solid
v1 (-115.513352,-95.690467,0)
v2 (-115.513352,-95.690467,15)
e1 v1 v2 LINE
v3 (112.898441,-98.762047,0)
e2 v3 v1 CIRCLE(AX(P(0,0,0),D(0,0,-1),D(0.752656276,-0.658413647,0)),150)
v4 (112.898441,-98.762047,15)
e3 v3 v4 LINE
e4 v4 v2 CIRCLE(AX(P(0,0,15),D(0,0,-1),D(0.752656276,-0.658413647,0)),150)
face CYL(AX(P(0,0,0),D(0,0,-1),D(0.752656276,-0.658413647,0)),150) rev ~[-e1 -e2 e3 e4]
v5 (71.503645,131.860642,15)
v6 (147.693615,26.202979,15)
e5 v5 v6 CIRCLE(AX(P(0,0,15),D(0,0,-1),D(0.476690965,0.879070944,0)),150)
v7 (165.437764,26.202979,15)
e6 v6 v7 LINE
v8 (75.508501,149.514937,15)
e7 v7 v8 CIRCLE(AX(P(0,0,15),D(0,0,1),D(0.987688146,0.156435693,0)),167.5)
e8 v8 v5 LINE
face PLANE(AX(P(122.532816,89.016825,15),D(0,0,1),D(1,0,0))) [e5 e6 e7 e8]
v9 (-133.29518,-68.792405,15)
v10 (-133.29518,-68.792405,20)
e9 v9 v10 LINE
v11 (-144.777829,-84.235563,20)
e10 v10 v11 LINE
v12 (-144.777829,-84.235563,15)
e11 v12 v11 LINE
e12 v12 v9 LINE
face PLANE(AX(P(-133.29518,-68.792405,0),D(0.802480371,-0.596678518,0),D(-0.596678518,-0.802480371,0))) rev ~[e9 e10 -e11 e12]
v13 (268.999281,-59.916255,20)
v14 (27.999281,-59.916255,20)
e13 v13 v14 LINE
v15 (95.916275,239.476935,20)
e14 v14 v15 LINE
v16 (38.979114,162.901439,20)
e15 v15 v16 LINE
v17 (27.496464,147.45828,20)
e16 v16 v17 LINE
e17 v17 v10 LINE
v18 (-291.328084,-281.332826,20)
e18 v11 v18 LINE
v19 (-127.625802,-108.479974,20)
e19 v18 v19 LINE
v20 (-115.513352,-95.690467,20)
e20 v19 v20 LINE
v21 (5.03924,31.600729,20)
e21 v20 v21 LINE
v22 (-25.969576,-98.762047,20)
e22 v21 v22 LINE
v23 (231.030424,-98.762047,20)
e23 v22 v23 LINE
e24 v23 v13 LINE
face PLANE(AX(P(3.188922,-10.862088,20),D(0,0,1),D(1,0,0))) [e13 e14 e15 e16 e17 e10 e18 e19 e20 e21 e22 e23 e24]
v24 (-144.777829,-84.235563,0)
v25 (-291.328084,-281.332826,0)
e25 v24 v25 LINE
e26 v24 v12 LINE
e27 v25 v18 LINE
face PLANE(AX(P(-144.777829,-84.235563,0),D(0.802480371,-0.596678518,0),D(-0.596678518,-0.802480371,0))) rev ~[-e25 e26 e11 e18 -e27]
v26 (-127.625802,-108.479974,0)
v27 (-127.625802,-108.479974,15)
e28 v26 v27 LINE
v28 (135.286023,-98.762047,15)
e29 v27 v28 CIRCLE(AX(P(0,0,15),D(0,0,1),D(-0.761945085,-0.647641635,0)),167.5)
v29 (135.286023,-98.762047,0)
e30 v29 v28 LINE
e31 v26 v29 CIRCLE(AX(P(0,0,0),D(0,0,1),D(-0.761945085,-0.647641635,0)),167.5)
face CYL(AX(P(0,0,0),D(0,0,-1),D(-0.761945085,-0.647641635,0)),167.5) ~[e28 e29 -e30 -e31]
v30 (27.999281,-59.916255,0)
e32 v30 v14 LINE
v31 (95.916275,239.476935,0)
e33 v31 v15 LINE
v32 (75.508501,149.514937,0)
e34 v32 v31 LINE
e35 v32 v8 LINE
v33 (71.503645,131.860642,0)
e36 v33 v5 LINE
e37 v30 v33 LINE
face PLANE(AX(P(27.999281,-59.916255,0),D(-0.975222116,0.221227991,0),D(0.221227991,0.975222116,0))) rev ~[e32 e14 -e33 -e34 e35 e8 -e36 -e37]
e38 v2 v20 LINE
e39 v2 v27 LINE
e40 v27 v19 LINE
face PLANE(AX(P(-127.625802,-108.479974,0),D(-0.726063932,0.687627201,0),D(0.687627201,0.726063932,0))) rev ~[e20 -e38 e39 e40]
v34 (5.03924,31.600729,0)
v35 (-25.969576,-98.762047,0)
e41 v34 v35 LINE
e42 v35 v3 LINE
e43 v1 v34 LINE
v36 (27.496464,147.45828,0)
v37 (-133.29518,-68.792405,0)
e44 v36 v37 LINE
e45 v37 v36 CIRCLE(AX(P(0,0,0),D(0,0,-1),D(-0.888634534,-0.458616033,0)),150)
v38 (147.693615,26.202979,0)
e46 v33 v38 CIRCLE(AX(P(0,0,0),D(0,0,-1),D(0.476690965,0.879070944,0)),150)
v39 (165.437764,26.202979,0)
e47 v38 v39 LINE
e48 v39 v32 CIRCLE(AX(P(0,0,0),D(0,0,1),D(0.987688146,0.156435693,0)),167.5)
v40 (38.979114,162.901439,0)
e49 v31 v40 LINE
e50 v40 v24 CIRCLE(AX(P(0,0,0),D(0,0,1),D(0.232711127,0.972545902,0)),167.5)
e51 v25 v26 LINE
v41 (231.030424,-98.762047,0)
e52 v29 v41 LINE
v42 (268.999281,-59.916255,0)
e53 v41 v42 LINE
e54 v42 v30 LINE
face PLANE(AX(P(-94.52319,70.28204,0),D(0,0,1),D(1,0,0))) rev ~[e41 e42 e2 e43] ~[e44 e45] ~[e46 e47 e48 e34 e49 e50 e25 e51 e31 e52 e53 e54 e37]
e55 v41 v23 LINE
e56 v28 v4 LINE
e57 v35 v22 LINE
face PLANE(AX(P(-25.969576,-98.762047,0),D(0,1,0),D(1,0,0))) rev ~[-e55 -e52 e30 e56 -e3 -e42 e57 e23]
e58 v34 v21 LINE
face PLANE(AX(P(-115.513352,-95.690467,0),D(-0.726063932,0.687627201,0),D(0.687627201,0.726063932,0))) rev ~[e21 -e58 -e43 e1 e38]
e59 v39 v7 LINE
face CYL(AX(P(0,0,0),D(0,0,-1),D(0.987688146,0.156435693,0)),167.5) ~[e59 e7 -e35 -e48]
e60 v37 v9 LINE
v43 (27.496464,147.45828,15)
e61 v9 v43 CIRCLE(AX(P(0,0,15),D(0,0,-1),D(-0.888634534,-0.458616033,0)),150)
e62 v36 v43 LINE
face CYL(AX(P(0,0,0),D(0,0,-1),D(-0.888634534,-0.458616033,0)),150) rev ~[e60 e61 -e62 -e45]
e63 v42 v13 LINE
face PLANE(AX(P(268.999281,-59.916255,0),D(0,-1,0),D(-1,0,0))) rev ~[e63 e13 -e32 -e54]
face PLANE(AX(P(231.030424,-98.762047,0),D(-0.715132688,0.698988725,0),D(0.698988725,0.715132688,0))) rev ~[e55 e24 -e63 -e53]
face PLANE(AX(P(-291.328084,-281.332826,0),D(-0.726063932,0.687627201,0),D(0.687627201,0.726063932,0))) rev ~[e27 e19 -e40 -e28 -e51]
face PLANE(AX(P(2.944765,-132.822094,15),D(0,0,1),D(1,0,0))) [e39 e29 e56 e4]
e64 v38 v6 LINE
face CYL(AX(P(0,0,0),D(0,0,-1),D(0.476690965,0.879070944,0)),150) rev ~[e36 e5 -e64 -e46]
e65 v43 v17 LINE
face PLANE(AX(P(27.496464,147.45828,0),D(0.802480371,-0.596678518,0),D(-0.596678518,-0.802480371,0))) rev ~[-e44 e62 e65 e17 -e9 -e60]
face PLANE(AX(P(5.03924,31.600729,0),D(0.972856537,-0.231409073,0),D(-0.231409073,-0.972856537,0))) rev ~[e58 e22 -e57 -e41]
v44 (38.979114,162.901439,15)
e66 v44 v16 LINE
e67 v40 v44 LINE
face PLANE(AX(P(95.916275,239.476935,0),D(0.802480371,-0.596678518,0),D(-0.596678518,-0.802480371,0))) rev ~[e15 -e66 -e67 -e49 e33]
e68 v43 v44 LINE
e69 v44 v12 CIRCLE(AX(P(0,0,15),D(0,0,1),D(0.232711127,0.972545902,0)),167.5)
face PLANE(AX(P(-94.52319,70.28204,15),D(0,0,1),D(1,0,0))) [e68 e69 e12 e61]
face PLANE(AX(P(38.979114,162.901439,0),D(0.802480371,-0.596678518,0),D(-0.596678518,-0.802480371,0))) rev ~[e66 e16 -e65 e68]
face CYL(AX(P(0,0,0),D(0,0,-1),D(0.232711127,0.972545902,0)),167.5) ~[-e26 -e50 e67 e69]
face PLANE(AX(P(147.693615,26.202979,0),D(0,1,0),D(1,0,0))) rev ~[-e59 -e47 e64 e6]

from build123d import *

# Parameters (mm, degrees)
F1_DEPTH = 20
F2_DEPTH = 15


with BuildPart() as f1:
    # F0 (on Top) → F1 (new body)
    with BuildSketch(Plane.XY):
        with BuildLine():
            ThreePointArc((112.8984413426, -98.7620470748), (126.7036712203, -80.2881043449), (137.5137900004, -59.9162545535))
            Line((137.5137900004, -59.9162545535), (27.9992812259, -59.9162545535))
            Line((27.9992812259, -59.9162545535), (71.5036447636, 131.8606415331))
            ThreePointArc((71.5036447636, 131.8606415331), (50.1106474608, 141.3821877432), (27.4964644236, 147.4582803514))
            Line((27.4964644236, 147.4582803514), (-133.2951800323, -68.7924049598))
            ThreePointArc((-133.2951800323, -68.7924049598), (-125.1291247059, -82.7206271153), (-115.5133520813, -95.690467085))
            Line((-115.5133520813, -95.690467085), (5.0392397055, 31.6007288395))
            Line((5.0392397055, 31.6007288395), (-25.9695760717, -98.7620470748))
            Line((-25.9695760717, -98.7620470748), (-24.5049724374, -98.7620470748))
            Line((-24.5049724374, -98.7620470748), (112.8984413426, -98.7620470748))
        make_face()
        with BuildLine():
            ThreePointArc((27.4964644236, 147.4582803514), (50.1106474608, 141.3821877432), (71.5036447636, 131.8606415331))
            Line((71.5036447636, 131.8606415331), (75.5085008774, 149.5149366962))
            ThreePointArc((75.5085008774, 149.5149366962), (57.6337842635, 157.2723653776), (38.9791138327, 162.9014385597))
            Line((38.9791138326, 162.9014385597), (27.4964644236, 147.4582803514))
        make_face()
        with BuildLine():
            ThreePointArc((38.9791138327, 162.9014385597), (57.6337842635, 157.2723653776), (75.5085008774, 149.5149366962))
            Line((75.5085008774, 149.5149366962), (95.9162745136, 239.4769351198))
            Line((95.9162745136, 239.4769351198), (38.9791138326, 162.9014385597))
        make_face()
        with BuildLine():
            Line((268.9992812259, -59.9162545535), (156.4170465144, -59.9162545535))
            ThreePointArc((156.4170465144, -59.9162545535), (147.139114823, -80.0395582765), (135.2860231421, -98.7620470748))
            Line((135.2860231421, -98.7620470748), (231.0304239283, -98.7620470748))
            Line((231.0304239283, -98.7620470748), (268.9992812259, -59.9162545535))
        make_face()
        with BuildLine():
            Line((156.4170465144, -59.9162545535), (137.5137900004, -59.9162545535))
            ThreePointArc((137.5137900004, -59.9162545535), (126.7036712203, -80.2881043449), (112.8984413426, -98.7620470748))
            Line((112.8984413426, -98.7620470748), (135.2860231421, -98.7620470748))
            ThreePointArc((135.2860231421, -98.7620470748), (147.139114823, -80.0395582765), (156.4170465144, -59.9162545535))
        make_face()
        with BuildLine():
            Line((-291.3280838626, -281.332825643), (-127.6258016941, -108.4799739212))
            ThreePointArc((-127.6258016941, -108.4799739212), (-136.7402004794, -96.7386560422), (-144.7778294414, -84.235563168))
            Line((-144.7778294414, -84.235563168), (-291.3280838626, -281.332825643))
        make_face()
        with BuildLine():
            Line((-127.6258016941, -108.4799739212), (-115.5133520813, -95.690467085))
            ThreePointArc((-115.5133520813, -95.690467085), (-125.1291247059, -82.7206271153), (-133.2951800323, -68.7924049598))
            Line((-133.2951800323, -68.7924049598), (-144.7778294414, -84.235563168))
            ThreePointArc((-144.7778294414, -84.235563168), (-136.7402004794, -96.7386560422), (-127.6258016941, -108.4799739212))
        make_face()
    extrude(amount=F1_DEPTH)

    # F0 (on Top) → F2 (join)
    with BuildSketch(Plane.XY):
        with BuildLine():
            ThreePointArc((-133.2951800323, -68.7924049598), (-120.3720556463, 89.5017777449), (27.4964644236, 147.4582803514))
            Line((27.4964644236, 147.4582803514), (38.9791138326, 162.9014385597))
            ThreePointArc((38.9791138327, 162.9014385597), (-134.4154621383, 99.9436518151), (-144.7778294414, -84.235563168))
            Line((-144.7778294414, -84.235563168), (-133.2951800323, -68.7924049598))
        make_face()
        with BuildLine():
            ThreePointArc((71.5036447636, 131.8606415331), (121.6665324105, 87.7340007706), (147.6936150084, 26.2029785663))
            Line((147.6936150084, 26.2029785663), (165.4377644743, 26.2029785663))
            ThreePointArc((165.4377644743, 26.2029785663), (135.3337927171, 98.6965782022), (75.5085008774, 149.5149366962))
            Line((75.5085008774, 149.5149366962), (71.5036447636, 131.8606415331))
        make_face()
        with BuildLine():
            Line((135.2860231421, -98.7620470748), (112.8984413426, -98.7620470748))
            ThreePointArc((112.8984413426, -98.7620470748), (-2.0169507806, -149.9864390855), (-115.5133520813, -95.690467085))
            Line((-115.5133520813, -95.690467085), (-127.6258016941, -108.4799739212))
            ThreePointArc((-127.6258016941, -108.4799739212), (6.1870246247, -167.3856945091), (135.2860231421, -98.7620470748))
        make_face()
    extrude(amount=F2_DEPTH)


solid = f1.part
